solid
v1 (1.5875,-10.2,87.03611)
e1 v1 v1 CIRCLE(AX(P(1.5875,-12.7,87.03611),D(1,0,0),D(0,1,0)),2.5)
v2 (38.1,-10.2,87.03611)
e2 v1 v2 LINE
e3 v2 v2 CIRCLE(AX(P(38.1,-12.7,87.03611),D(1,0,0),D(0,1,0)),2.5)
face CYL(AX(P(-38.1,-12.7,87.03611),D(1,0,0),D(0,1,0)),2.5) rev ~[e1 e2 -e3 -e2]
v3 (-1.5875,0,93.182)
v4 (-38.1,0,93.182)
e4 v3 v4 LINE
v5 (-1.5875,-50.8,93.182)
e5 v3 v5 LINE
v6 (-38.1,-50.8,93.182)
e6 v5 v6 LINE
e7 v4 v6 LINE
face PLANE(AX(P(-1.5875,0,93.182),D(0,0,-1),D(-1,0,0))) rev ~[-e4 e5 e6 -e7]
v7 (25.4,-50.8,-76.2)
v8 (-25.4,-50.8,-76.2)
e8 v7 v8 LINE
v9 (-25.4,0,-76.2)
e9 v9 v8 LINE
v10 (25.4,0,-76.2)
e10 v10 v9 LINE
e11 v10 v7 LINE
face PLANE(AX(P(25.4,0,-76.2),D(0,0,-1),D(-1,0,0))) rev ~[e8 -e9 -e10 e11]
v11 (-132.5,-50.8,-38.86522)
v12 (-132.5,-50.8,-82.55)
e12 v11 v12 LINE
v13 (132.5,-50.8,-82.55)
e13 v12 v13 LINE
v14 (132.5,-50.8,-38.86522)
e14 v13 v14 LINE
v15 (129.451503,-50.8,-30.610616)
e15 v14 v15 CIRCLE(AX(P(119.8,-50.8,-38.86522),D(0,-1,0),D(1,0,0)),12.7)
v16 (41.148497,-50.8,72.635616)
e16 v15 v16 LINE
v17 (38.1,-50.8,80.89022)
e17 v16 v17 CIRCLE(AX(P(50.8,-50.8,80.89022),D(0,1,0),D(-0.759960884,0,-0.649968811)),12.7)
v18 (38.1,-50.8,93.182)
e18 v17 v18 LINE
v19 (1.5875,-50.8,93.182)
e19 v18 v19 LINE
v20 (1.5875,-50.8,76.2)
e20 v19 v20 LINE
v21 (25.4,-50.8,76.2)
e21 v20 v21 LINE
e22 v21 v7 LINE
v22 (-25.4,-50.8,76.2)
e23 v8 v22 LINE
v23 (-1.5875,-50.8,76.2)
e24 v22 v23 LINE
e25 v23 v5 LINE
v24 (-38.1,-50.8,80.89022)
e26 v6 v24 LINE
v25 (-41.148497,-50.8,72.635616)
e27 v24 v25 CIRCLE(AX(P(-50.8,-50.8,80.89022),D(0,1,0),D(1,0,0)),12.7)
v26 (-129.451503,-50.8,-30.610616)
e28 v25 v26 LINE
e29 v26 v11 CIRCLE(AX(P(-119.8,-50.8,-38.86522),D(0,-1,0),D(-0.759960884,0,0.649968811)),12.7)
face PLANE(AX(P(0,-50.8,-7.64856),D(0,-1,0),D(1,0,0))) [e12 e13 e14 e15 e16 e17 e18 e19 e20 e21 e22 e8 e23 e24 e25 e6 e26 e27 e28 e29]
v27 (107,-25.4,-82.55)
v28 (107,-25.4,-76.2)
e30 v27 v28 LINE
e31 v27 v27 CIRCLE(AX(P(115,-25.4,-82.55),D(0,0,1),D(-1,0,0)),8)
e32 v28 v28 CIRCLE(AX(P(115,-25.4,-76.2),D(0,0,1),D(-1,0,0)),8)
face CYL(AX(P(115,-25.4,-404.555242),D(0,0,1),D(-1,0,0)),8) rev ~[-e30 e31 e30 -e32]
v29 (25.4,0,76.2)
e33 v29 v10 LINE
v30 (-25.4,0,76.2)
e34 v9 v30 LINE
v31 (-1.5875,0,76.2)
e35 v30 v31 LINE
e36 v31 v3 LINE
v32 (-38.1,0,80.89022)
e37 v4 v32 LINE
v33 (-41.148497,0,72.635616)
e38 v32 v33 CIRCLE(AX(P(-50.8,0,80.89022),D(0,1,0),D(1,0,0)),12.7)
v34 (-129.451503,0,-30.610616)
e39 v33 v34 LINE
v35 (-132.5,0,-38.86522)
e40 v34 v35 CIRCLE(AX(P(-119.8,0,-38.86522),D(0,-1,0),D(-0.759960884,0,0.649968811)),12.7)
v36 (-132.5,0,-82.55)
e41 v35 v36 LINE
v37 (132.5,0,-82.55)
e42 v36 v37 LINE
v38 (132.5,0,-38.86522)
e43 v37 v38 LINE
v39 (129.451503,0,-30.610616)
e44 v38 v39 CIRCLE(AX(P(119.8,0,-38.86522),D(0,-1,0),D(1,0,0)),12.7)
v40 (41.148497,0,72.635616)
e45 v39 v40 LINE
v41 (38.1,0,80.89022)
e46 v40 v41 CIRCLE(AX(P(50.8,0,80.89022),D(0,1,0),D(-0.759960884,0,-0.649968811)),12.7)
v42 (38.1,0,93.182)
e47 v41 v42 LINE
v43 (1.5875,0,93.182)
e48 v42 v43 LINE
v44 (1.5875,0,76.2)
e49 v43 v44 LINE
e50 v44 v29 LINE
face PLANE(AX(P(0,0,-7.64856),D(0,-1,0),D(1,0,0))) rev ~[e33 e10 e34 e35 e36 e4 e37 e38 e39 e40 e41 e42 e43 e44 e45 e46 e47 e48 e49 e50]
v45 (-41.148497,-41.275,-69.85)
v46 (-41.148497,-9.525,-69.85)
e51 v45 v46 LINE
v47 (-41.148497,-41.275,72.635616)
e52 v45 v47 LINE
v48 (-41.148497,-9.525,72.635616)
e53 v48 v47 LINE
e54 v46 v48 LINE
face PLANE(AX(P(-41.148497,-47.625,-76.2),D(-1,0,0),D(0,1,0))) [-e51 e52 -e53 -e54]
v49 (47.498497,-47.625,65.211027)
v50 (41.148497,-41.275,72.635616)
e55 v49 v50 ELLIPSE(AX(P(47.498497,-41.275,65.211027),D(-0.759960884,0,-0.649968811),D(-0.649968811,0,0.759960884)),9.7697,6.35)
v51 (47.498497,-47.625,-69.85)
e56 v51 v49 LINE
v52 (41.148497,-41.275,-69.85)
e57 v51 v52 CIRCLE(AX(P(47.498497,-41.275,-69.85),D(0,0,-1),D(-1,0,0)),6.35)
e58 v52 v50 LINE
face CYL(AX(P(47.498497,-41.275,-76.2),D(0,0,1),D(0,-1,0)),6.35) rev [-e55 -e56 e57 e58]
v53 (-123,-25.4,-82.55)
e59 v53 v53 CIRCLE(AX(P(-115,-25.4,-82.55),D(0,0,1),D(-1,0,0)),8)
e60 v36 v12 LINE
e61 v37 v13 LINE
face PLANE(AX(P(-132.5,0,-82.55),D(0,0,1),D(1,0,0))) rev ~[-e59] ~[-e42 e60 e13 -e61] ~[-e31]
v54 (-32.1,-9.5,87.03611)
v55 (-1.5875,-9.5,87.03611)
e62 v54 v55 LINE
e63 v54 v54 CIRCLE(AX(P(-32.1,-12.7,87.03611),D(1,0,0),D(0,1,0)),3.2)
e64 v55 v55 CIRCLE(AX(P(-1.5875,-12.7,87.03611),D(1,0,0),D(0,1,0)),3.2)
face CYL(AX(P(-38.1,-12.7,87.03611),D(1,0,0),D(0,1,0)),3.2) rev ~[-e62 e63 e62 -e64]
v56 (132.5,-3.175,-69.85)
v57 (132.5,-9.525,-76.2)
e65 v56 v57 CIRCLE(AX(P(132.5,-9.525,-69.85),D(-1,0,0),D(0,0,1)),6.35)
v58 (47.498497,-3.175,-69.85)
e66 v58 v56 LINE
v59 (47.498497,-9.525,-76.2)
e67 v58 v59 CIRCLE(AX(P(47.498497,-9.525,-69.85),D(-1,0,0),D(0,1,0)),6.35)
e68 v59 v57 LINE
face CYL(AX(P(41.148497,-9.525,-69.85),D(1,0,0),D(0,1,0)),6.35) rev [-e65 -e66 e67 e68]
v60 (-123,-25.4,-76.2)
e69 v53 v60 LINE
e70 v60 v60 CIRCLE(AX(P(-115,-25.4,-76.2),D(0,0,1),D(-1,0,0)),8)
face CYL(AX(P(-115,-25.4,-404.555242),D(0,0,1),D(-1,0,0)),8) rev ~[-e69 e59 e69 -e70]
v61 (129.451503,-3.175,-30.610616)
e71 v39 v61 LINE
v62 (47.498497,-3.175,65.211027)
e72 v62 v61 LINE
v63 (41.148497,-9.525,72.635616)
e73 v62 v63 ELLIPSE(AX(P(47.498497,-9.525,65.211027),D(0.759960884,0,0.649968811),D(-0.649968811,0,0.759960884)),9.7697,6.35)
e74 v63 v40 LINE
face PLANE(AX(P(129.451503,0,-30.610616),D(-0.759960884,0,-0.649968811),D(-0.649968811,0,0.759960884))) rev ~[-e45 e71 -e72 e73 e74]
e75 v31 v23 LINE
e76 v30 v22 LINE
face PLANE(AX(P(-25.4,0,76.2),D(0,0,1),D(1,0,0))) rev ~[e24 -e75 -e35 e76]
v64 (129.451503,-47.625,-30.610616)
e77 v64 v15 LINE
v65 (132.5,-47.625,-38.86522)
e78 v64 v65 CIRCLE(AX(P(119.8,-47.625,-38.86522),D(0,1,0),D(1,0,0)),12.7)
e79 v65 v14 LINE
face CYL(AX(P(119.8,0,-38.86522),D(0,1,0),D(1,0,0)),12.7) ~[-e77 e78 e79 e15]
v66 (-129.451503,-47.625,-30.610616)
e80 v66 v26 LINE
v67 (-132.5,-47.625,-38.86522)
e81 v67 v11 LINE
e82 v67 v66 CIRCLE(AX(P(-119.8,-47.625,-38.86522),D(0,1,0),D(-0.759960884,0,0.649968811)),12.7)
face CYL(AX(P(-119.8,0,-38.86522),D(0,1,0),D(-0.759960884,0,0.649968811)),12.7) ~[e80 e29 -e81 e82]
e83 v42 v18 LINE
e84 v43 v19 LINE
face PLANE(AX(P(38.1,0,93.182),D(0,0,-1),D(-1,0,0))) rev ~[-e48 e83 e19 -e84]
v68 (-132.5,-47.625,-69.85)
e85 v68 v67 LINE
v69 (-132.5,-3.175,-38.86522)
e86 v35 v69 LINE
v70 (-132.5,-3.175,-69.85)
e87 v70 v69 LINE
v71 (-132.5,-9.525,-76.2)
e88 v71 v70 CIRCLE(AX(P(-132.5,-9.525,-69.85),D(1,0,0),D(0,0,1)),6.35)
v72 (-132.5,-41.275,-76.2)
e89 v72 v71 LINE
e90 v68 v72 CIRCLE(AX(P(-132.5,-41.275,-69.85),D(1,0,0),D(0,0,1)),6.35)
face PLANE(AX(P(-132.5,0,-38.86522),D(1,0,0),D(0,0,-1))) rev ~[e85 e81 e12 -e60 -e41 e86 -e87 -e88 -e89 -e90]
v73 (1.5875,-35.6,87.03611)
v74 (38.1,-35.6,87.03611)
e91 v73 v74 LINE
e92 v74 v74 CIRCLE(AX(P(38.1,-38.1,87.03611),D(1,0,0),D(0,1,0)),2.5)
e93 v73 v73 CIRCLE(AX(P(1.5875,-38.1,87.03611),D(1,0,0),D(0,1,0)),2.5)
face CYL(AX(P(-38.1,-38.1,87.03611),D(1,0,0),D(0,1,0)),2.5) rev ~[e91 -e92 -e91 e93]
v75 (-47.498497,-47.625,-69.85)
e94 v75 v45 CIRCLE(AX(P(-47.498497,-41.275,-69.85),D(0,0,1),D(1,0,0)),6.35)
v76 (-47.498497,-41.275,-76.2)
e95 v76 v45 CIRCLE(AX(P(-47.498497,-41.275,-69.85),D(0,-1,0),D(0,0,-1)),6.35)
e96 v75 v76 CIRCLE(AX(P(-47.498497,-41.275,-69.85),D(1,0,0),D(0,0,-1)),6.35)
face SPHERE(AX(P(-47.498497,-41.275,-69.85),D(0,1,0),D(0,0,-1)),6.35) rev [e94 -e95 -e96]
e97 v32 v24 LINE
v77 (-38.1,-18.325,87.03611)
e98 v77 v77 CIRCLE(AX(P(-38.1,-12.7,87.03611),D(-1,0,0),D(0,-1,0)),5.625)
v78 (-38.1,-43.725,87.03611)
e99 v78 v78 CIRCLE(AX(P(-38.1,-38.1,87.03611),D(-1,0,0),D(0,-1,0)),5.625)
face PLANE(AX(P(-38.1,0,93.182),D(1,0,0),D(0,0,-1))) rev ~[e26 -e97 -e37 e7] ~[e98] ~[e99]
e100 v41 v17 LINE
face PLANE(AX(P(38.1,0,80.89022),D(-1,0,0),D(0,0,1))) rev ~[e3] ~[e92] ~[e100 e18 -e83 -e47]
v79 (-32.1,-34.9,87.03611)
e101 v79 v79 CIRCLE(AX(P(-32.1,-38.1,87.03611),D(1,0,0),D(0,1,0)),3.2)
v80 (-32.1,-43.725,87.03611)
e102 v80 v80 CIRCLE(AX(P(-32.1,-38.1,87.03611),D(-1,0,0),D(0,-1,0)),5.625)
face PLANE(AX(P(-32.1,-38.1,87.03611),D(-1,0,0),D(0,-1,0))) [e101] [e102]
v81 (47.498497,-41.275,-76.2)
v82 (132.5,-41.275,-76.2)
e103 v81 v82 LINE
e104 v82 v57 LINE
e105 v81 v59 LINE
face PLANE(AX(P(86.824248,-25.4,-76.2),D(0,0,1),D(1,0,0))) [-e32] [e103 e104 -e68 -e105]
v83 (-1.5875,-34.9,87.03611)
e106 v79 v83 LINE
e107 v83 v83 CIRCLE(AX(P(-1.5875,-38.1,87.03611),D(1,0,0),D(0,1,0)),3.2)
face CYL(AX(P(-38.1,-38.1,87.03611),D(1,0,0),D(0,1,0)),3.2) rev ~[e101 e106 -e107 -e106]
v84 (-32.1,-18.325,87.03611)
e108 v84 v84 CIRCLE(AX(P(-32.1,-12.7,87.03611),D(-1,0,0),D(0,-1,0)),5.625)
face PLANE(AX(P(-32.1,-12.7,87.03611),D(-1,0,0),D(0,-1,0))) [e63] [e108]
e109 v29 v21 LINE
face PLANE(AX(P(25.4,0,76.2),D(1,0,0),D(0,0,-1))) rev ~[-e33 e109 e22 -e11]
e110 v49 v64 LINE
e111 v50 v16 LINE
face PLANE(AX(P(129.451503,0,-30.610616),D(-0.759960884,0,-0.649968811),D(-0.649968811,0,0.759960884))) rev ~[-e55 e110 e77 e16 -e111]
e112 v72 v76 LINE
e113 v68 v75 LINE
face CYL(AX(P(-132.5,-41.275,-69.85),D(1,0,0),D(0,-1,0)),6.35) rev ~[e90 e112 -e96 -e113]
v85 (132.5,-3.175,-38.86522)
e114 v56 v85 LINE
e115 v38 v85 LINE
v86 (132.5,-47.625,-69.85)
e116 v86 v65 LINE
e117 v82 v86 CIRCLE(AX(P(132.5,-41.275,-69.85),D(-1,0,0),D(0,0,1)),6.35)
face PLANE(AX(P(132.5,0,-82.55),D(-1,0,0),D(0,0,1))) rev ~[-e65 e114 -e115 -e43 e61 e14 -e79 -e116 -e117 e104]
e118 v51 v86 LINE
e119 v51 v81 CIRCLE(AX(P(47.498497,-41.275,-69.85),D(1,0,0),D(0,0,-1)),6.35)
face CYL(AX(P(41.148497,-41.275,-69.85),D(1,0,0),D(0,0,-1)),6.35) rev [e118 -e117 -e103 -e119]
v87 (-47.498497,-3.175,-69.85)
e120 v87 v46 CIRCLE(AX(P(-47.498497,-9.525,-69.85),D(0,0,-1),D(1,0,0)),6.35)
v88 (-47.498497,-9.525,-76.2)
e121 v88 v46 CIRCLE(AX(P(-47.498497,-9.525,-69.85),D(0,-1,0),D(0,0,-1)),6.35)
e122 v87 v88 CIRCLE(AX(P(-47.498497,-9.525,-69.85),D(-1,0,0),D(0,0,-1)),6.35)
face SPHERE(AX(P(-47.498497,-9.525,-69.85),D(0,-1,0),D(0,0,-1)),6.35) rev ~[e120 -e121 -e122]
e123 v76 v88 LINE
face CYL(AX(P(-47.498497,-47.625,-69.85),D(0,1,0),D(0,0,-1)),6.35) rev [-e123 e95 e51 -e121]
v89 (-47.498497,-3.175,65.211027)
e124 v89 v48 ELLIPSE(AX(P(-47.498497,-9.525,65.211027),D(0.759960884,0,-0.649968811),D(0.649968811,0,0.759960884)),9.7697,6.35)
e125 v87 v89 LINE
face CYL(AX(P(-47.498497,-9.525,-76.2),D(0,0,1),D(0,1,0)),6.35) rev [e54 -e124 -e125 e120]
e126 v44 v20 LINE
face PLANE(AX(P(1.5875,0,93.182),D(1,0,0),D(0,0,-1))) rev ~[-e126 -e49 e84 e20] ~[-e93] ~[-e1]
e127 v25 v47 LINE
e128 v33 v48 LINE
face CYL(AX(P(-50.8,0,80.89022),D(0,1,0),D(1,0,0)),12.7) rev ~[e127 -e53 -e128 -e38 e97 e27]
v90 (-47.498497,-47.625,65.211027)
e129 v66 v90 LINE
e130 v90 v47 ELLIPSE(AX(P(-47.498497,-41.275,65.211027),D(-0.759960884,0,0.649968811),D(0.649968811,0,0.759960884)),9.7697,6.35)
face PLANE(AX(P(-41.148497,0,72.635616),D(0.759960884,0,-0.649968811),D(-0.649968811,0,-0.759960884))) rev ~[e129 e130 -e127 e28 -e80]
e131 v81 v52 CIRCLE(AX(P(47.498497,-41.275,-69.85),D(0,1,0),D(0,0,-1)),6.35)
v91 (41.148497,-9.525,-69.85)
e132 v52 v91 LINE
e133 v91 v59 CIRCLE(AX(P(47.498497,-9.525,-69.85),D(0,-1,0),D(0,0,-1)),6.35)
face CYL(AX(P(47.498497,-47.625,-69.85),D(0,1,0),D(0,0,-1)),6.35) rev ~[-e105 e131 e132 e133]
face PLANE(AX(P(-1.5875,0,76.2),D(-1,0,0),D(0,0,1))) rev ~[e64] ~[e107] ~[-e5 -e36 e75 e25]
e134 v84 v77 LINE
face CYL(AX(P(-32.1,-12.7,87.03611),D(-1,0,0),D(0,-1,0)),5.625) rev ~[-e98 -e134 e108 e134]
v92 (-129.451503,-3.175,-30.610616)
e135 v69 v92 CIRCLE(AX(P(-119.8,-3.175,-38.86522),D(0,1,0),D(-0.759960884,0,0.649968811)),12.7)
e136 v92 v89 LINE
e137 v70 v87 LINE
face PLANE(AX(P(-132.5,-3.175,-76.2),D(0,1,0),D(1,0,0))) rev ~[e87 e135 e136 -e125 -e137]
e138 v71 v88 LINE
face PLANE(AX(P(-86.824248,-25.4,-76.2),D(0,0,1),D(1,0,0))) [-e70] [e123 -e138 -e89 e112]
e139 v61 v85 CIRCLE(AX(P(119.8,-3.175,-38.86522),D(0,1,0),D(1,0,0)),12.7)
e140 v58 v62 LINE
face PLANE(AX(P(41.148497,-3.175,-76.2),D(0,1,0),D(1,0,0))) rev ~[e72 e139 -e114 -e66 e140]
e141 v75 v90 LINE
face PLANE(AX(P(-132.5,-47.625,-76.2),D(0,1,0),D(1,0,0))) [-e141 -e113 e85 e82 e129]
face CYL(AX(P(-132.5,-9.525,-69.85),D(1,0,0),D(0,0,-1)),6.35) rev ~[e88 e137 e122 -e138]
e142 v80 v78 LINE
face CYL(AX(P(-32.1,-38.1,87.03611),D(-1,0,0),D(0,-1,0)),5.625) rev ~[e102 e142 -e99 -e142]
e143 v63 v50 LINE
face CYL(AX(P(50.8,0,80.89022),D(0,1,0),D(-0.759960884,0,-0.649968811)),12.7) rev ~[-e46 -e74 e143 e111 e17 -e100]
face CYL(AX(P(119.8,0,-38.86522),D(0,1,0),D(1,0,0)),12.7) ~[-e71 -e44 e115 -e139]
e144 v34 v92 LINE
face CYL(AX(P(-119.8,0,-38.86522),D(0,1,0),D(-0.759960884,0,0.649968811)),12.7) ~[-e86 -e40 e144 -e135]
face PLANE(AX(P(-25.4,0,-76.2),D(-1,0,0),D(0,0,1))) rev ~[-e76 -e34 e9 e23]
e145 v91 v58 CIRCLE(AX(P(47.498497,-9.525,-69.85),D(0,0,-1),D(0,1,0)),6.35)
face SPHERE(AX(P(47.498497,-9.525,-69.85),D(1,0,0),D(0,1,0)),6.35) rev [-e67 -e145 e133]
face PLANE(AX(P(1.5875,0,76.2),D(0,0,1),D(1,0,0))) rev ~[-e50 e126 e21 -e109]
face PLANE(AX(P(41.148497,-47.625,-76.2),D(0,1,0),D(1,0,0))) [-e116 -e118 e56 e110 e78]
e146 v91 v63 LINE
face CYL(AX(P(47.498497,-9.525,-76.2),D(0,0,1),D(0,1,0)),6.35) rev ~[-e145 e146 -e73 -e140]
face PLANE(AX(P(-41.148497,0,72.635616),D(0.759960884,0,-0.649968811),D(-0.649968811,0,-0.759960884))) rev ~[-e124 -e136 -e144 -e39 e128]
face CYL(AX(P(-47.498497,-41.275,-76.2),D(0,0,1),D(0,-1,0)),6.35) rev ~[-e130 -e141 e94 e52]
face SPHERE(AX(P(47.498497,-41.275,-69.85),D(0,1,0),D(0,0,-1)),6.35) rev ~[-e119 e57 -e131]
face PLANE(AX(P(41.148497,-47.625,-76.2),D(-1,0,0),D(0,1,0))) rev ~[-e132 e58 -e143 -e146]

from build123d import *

# Parameters (mm, degrees)
F1_DEPTH       = 50.8
F3_D           = 6.4
F3_DEPTH       = 38.6
F3_CBORE_D     = 11.25
F3_CBORE_DEPTH = 6
F3_TIP         = 1.9227539809
F4_W           = 91.3515032281
F4_H           = 44.45
F5_DEPTH       = 180.1
F7_D           = 16
F8_R           = 6.35
F9_D           = 5
F9_CBORE_D     = 11.25
F9_CBORE_DEPTH = 6


with BuildPart() as f1:
    # F0 (on Front) → F1 (new body)
    with BuildSketch(Plane.XZ):
        with BuildLine():
            Line((-132.5, -38.8652200884), (-132.5, -82.55))
            Line((-132.5, -82.55), (132.5, -82.55))
            Line((132.5, -82.55), (132.5, -38.8652200884))
            ThreePointArc((132.5, -38.8652200884), (131.7135236391, -34.4654525376), (129.4515032281, -30.610616195))
            Line((129.4515032281, -30.610616195), (41.1484967719, 72.635616195))
            ThreePointArc((41.1484967719, 72.635616195), (38.8864763609, 76.4904525376), (38.1, 80.8902200884))
            Line((38.1, 80.8902200884), (38.1, 93.182))
            Line((38.1, 93.182), (1.5875, 93.182))
            Line((1.5875, 93.182), (1.5875, 76.2))
            Line((1.5875, 76.2), (25.4, 76.2))
            Line((25.4, 76.2), (25.4, -76.2))
            Line((25.4, -76.2), (-25.4, -76.2))
            Line((-25.4, -76.2), (-25.4, 76.2))
            Line((-25.4, 76.2), (-1.5875, 76.2))
            Line((-1.5875, 76.2), (-1.5875, 93.182))
            Line((-1.5875, 93.182), (-38.1, 93.182))
            Line((-38.1, 93.182), (-38.1, 80.8902200884))
            ThreePointArc((-38.1, 80.8902200884), (-38.8864763609, 76.4904525376), (-41.1484967719, 72.635616195))
            Line((-41.1484967719, 72.635616195), (-129.4515032281, -30.610616195))
            ThreePointArc((-129.4515032281, -30.610616195), (-131.7135236391, -34.4654525376), (-132.5, -38.8652200884))
        make_face()
    extrude(amount=F1_DEPTH)

    # F3
    with Locations(Plane(origin=(-38.1, 0, 0), x_dir=(0, -1, 0), z_dir=(-1, 0, 0))):
        with Locations((12.7, 87.0361100442), (38.1, 87.0361100442)):
            CounterBoreHole(F3_D / 2, F3_CBORE_D / 2, F3_CBORE_DEPTH, depth=F3_DEPTH)
            with Locations((0, 0, -(F3_DEPTH + F3_TIP / 2))):  # 118° drill point
                Cone(0, F3_D / 2, F3_TIP, mode=Mode.SUBTRACT)

    # F4 (on face) → F5 (cut)
    with BuildSketch(Plane.XY.offset(-76.2)):
        with Locations((86.8242483859, -25.4)):
            Rectangle(F4_W, F4_H)
        with Locations((-86.8242483859, -25.4)):
            Rectangle(F4_W, F4_H)
    extrude(amount=F5_DEPTH, mode=Mode.SUBTRACT)

    # F7 (through all)
    with Locations(Plane(origin=(0, 0, -82.55), x_dir=(1, 0, 0), z_dir=(0, 0, -1))):
        with Locations((-115, 25.4), (115, 25.4)):
            Hole(F7_D / 2)

    # F8
    f8_edges = [f1.edges().sort_by_distance(p)[0] for p in [
        (86.824248, -3.175, -76.2),
        (41.148497, -3.175, -1.782192),
        (41.148497, -25.4, -76.2),
        (86.824248, -47.625, -76.2),
        (41.148497, -47.625, -1.782192),
        (-41.148497, -25.4, -76.2),
        (-86.824248, -47.625, -76.2),
        (-41.148497, -47.625, -1.782192),
        (-86.824248, -3.175, -76.2),
        (-41.148497, -3.175, -1.782192),
    ]]
    fillet(f8_edges, radius=F8_R)

    # F9 (through all)
    with Locations(Plane(origin=(-38.1, 0, 0), x_dir=(0, -1, 0), z_dir=(-1, 0, 0))):
        with Locations((12.7, 87.0361100442), (38.1, 87.0361100442)):
            CounterBoreHole(F9_D / 2, F9_CBORE_D / 2, F9_CBORE_DEPTH)


solid = f1.part
